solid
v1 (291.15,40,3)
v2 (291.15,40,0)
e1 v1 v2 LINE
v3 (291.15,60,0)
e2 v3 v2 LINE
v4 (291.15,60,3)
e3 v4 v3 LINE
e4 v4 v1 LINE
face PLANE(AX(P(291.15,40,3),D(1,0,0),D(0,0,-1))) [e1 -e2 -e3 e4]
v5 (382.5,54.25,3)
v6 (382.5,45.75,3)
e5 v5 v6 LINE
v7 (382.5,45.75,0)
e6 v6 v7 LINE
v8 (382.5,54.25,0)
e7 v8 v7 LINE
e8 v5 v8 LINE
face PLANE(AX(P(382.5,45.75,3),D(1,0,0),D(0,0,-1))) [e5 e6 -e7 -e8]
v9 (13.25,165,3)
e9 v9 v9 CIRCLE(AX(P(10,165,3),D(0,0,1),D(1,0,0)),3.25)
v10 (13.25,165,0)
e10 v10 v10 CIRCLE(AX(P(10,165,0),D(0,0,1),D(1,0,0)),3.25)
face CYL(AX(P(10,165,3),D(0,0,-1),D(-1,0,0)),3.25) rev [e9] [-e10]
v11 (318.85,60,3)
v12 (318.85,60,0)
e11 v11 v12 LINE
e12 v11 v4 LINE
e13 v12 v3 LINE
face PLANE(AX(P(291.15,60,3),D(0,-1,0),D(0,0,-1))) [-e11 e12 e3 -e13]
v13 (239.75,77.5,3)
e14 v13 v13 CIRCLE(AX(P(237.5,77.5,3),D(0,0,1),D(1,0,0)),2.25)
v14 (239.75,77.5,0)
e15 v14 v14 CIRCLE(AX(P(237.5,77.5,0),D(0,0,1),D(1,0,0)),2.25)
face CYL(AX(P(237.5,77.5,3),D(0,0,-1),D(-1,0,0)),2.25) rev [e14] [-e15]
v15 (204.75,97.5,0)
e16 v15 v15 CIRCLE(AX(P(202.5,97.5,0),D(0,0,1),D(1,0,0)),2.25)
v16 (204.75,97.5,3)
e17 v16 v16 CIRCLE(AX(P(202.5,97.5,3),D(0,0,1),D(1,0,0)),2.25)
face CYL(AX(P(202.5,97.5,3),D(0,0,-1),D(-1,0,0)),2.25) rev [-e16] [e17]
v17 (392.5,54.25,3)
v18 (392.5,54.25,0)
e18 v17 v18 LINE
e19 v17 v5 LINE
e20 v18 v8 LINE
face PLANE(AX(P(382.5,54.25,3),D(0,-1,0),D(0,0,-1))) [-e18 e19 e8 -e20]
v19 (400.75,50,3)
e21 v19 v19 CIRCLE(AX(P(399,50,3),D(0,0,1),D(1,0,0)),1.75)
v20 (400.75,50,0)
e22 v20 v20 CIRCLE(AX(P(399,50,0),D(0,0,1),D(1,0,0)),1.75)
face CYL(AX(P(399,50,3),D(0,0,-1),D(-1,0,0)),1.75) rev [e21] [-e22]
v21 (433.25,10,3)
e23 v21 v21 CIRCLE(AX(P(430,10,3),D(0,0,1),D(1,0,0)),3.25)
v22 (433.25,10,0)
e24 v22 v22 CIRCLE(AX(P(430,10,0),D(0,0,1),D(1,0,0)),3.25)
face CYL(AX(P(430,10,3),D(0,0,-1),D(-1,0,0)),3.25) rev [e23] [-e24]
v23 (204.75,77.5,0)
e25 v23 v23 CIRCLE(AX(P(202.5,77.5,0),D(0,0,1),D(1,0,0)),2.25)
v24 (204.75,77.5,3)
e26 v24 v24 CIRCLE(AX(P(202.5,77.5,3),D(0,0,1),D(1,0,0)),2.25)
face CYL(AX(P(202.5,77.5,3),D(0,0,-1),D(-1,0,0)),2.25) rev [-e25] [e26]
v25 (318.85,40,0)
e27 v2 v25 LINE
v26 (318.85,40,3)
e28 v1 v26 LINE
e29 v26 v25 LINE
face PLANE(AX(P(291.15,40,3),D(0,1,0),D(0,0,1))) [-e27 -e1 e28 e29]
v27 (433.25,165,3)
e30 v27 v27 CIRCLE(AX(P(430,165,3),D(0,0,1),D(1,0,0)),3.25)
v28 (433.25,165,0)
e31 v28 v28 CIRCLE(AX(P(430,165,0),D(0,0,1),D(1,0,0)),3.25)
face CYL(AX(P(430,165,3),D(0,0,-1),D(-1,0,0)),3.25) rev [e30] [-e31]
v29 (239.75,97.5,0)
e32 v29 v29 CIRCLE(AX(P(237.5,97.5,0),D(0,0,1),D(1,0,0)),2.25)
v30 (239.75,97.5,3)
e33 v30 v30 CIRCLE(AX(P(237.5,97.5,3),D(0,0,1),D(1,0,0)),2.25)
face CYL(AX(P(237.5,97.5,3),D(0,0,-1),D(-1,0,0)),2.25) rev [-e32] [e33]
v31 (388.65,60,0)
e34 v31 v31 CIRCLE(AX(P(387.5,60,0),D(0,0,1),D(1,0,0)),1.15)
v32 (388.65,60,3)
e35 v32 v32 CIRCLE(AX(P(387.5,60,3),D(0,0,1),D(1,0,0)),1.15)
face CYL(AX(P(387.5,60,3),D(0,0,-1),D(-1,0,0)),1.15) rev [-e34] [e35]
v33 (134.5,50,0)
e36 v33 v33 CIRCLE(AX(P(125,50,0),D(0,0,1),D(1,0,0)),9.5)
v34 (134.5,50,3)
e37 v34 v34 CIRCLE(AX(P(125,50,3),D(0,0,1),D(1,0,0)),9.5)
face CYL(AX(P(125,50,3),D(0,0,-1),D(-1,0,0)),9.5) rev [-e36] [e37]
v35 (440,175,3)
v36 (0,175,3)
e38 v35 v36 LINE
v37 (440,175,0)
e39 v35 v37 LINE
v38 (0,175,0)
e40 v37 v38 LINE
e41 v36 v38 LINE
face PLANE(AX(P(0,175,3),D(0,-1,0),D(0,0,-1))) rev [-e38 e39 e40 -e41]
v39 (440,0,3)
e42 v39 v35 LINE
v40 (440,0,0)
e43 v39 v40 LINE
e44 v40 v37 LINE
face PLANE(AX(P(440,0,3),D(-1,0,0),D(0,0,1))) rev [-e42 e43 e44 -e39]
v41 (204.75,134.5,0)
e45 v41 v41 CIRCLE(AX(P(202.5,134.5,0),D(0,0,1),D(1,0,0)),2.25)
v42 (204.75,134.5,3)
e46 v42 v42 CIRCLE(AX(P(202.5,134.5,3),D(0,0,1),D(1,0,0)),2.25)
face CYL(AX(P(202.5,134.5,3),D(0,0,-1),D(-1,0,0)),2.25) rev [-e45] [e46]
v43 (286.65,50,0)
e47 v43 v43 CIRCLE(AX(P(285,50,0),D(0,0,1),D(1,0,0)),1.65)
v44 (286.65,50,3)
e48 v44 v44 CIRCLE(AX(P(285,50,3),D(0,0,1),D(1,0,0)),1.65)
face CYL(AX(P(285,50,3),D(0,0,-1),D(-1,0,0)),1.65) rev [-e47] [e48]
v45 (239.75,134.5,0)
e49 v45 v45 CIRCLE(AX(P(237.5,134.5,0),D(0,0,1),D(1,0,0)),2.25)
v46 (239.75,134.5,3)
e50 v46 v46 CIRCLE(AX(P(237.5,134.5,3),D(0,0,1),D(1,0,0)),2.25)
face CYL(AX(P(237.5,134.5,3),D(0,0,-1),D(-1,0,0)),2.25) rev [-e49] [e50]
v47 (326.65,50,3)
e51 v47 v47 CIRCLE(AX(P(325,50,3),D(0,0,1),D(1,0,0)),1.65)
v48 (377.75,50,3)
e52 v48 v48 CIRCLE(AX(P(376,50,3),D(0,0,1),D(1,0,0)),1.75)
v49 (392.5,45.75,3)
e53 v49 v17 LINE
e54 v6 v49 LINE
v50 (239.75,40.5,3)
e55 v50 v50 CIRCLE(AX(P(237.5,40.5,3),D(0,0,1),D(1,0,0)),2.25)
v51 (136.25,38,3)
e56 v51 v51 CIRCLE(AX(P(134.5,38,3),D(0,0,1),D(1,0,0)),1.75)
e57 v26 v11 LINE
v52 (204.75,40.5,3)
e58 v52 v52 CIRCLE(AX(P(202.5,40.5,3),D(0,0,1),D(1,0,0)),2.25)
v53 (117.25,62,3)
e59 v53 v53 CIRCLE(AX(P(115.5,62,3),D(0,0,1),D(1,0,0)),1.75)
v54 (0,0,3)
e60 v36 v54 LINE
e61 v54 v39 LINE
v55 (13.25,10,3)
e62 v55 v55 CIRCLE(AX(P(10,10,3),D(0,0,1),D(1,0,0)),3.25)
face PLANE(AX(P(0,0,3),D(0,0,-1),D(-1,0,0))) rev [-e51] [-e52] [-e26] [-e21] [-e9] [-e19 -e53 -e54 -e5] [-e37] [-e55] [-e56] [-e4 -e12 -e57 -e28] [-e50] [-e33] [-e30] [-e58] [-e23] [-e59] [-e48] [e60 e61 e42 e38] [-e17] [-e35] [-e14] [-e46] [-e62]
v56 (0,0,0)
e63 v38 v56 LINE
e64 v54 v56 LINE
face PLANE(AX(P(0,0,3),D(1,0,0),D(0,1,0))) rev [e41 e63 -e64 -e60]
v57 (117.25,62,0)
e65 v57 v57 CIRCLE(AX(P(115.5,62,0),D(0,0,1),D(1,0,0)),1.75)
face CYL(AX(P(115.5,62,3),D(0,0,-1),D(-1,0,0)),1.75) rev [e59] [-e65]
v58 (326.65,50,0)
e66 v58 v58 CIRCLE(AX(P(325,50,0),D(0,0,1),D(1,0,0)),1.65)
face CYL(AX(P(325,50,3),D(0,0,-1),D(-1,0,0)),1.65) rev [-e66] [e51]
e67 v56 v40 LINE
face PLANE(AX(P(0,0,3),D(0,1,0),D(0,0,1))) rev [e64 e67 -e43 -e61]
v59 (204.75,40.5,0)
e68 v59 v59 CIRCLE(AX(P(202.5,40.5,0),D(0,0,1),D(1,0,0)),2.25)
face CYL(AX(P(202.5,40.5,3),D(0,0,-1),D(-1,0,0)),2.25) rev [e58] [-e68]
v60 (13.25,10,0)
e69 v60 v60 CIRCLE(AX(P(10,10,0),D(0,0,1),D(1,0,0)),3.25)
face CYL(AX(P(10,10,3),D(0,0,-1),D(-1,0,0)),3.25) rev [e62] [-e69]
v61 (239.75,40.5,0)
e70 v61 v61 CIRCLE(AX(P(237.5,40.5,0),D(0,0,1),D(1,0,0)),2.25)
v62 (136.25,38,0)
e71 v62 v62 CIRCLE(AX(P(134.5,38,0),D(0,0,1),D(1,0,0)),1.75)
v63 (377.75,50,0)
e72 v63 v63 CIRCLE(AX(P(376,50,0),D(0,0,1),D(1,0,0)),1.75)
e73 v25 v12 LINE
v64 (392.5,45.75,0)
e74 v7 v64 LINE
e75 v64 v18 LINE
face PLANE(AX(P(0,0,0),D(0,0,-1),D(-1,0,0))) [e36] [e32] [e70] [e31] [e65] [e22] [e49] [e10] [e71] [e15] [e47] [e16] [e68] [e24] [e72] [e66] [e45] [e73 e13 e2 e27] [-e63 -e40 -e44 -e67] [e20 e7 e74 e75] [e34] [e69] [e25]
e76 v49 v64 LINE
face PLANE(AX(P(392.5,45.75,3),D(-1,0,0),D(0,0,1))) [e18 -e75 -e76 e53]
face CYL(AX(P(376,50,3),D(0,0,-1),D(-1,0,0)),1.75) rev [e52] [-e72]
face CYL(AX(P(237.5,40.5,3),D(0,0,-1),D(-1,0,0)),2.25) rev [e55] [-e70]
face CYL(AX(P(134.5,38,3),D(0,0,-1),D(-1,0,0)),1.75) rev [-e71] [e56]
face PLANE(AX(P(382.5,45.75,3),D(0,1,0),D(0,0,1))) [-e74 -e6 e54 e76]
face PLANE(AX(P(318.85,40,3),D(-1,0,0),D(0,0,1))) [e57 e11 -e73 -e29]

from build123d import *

# Parameters (mm, degrees)
SKETCH1_W           = 440
SKETCH1_H           = 175
SKETCH1_R           = 9.5
SKETCH1_R_2         = 1.75
SKETCH1_R_3         = 1.65
SKETCH1_R_4         = 1.15
SKETCH1_R_5         = 3.25
SKETCH1_R_6         = 2.25
SKETCH1_W_2         = 27.7
SKETCH1_H_2         = 20
SKETCH1_W_3         = 10
SKETCH1_H_3         = 8.5
BOSS_EXTRUDE1_DEPTH = 3


with BuildPart() as part:
    # Sketch1 → Boss-Extrude1 (new body)
    with BuildSketch(Plane.XY):
        with Locations((220, 87.5)):
            Rectangle(SKETCH1_W, SKETCH1_H)
        with Locations((125, 50)):
            Circle(SKETCH1_R, mode=Mode.SUBTRACT)
        with Locations((115.5, 62)):
            Circle(SKETCH1_R_2, mode=Mode.SUBTRACT)
        with Locations((134.5, 38)):
            Circle(SKETCH1_R_2, mode=Mode.SUBTRACT)
        with Locations((285, 50)):
            Circle(SKETCH1_R_3, mode=Mode.SUBTRACT)
        with Locations((325, 50)):
            Circle(SKETCH1_R_3, mode=Mode.SUBTRACT)
        with Locations((387.5, 60)):
            Circle(SKETCH1_R_4, mode=Mode.SUBTRACT)
        with Locations((376, 50)):
            Circle(SKETCH1_R_2, mode=Mode.SUBTRACT)
        with Locations((399, 50)):
            Circle(SKETCH1_R_2, mode=Mode.SUBTRACT)
        with Locations((10, 165)):
            Circle(SKETCH1_R_5, mode=Mode.SUBTRACT)
        with Locations((10, 10)):
            Circle(SKETCH1_R_5, mode=Mode.SUBTRACT)
        with Locations((430, 10)):
            Circle(SKETCH1_R_5, mode=Mode.SUBTRACT)
        with Locations((430, 165)):
            Circle(SKETCH1_R_5, mode=Mode.SUBTRACT)
        with Locations((202.5, 134.5)):
            Circle(SKETCH1_R_6, mode=Mode.SUBTRACT)
        with Locations((202.5, 97.5)):
            Circle(SKETCH1_R_6, mode=Mode.SUBTRACT)
        with Locations((237.5, 134.5)):
            Circle(SKETCH1_R_6, mode=Mode.SUBTRACT)
        with Locations((237.5, 97.5)):
            Circle(SKETCH1_R_6, mode=Mode.SUBTRACT)
        with Locations((237.5, 77.5)):
            Circle(SKETCH1_R_6, mode=Mode.SUBTRACT)
        with Locations((237.5, 40.5)):
            Circle(SKETCH1_R_6, mode=Mode.SUBTRACT)
        with Locations((202.5, 77.5)):
            Circle(SKETCH1_R_6, mode=Mode.SUBTRACT)
        with Locations((202.5, 40.5)):
            Circle(SKETCH1_R_6, mode=Mode.SUBTRACT)
        with Locations((305, 50)):
            Rectangle(SKETCH1_W_2, SKETCH1_H_2, mode=Mode.SUBTRACT)
        with Locations((387.5, 50)):
            Rectangle(SKETCH1_W_3, SKETCH1_H_3, mode=Mode.SUBTRACT)
    extrude(amount=BOSS_EXTRUDE1_DEPTH)


solid = part.part
